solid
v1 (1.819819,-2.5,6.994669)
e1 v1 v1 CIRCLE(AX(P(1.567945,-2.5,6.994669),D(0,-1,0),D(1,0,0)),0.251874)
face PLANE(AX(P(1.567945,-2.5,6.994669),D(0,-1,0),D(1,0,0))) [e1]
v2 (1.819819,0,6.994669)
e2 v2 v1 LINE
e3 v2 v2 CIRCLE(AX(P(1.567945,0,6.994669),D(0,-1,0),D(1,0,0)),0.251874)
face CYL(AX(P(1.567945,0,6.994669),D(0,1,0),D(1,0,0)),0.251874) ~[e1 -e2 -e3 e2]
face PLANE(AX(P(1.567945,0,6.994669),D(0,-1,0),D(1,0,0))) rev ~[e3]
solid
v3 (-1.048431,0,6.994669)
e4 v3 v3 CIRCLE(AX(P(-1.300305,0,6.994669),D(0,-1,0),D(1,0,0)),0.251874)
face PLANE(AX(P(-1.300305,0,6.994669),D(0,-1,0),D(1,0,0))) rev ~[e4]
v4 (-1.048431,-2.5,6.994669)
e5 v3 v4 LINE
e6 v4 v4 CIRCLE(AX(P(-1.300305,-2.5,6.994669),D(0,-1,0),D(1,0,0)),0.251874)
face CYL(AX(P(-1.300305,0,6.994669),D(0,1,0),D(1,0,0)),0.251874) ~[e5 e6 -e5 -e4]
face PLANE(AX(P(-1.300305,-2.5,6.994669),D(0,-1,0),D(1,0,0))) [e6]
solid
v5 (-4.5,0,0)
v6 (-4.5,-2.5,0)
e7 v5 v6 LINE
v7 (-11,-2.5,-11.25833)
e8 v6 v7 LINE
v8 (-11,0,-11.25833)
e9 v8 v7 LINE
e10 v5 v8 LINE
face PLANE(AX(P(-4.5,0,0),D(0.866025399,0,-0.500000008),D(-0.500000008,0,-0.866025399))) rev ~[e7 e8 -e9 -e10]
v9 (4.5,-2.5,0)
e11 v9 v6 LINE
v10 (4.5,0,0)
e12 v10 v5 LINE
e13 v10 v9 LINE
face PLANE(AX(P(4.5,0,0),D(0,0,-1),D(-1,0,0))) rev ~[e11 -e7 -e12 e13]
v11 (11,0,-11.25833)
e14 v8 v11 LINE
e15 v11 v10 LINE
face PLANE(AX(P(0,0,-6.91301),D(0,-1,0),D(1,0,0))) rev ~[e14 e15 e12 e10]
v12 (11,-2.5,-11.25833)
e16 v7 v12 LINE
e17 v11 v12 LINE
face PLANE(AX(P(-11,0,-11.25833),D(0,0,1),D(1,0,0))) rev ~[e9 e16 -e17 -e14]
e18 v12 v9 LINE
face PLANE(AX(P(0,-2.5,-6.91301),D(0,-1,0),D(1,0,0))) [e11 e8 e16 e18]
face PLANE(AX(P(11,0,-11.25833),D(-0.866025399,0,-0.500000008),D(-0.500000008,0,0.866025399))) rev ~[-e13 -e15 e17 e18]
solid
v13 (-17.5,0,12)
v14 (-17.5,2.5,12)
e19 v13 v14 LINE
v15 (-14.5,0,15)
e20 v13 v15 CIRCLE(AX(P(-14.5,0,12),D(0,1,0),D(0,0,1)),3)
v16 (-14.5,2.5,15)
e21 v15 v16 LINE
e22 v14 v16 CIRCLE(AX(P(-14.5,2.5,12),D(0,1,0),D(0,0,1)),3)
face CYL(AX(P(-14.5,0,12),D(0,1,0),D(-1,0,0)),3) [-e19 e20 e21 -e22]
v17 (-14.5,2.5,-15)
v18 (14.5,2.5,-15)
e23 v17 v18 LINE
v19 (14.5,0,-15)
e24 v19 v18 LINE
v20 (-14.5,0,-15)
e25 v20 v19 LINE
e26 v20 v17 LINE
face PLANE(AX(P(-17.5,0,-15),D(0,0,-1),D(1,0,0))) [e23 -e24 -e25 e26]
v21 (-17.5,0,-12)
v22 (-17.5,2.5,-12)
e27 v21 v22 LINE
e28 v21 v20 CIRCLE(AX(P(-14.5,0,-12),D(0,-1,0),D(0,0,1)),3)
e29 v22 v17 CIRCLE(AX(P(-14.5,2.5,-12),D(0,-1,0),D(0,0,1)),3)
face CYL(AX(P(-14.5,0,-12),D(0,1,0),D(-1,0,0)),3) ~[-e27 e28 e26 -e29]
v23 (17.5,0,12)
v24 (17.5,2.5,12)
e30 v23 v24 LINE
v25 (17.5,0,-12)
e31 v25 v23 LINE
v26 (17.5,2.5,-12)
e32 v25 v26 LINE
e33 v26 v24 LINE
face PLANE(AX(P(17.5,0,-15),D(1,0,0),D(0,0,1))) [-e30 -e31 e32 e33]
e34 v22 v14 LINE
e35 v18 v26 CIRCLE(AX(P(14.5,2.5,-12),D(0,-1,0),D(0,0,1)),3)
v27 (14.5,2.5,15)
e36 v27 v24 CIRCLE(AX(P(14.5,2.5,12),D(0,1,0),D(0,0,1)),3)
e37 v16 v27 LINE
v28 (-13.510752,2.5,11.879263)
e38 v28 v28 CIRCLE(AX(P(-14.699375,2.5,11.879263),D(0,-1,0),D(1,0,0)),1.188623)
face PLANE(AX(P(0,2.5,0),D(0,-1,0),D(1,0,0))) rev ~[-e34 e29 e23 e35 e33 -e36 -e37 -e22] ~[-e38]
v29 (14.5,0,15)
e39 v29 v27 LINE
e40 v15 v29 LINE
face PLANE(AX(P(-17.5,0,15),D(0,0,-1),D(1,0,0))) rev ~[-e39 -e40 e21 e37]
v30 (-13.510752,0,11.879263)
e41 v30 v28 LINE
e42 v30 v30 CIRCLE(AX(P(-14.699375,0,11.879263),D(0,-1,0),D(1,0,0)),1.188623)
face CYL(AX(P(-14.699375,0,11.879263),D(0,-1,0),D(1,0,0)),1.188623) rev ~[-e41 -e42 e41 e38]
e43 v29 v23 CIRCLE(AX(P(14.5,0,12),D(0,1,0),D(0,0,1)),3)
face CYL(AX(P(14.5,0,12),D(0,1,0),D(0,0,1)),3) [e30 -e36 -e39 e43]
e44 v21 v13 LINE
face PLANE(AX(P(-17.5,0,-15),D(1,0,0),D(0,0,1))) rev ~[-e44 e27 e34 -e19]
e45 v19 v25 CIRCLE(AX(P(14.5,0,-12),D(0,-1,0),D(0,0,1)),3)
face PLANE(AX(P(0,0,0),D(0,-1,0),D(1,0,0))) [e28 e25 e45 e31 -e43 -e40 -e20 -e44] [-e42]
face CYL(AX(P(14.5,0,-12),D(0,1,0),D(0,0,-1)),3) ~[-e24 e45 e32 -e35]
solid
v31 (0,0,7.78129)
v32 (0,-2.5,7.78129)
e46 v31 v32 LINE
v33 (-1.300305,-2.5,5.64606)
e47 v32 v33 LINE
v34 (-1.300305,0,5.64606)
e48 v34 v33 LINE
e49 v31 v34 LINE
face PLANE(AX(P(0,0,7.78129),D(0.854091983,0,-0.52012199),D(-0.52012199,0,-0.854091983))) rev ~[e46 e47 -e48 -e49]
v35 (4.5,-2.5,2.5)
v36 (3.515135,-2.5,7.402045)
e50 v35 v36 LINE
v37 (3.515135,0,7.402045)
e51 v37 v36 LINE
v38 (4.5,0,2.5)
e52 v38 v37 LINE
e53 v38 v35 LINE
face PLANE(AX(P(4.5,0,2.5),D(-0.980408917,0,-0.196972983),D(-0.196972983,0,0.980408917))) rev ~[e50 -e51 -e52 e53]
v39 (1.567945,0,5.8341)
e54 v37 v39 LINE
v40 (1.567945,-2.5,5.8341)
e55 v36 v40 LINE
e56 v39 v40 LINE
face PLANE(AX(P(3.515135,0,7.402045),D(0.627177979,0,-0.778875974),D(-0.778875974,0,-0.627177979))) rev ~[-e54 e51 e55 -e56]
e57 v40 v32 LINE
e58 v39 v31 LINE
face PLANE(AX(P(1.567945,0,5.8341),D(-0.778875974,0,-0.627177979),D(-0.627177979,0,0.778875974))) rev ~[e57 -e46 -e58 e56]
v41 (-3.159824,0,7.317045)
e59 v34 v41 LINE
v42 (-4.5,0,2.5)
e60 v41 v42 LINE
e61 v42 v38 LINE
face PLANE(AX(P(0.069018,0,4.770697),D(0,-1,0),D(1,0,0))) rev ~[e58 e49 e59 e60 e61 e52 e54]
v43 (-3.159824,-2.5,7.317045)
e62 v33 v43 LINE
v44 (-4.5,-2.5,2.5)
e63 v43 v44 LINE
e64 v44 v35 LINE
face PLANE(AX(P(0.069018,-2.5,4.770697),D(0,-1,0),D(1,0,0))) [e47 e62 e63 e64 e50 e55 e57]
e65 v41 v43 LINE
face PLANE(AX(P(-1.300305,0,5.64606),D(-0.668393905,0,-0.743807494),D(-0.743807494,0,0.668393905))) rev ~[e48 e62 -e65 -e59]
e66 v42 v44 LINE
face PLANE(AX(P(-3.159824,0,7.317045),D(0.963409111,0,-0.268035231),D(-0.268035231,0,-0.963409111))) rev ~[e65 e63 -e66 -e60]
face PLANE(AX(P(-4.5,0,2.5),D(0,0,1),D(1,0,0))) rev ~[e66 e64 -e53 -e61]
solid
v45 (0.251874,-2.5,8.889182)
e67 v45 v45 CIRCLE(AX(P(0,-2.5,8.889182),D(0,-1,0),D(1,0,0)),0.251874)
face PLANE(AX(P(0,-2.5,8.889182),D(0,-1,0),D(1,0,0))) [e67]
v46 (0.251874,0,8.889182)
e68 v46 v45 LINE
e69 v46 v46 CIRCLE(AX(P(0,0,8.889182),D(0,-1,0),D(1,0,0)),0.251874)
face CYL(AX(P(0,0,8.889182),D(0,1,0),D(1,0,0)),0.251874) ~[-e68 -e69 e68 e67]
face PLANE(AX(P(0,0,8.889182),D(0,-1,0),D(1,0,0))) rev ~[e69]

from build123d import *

# Parameters (mm, degrees)
F0_W     = 35
F0_H     = 30
F0_R     = 1.188623
F1_DEPTH = 2.5
F2_R     = 0.251874
F3_DEPTH = 2.5
F4_R     = 3


with BuildPart() as f1:
    # F0 (on Front) → F1 (new body)
    with BuildSketch(Plane.XZ):
        Rectangle(F0_W, F0_H)
        with Locations((-14.699375, 11.879263)):
            Circle(F0_R, mode=Mode.SUBTRACT)
    extrude(amount=-F1_DEPTH)

    # F4
    f4_edges = [f1.edges().sort_by_distance(p)[0] for p in [
        (17.5, 1.25, 15),
        (-17.5, 1.25, 15),
        (-17.5, 1.25, -15),
        (17.5, 1.25, -15),
    ]]
    fillet(f4_edges, radius=F4_R)


with BuildPart() as f3:
    # F2 (on Front) → F3 (new body)
    with BuildSketch(Plane.XZ):
        Polygon((-4.5, 0), (-11, -11.25833), (11, -11.25833), (4.5, 0), align=None)
        Polygon((-4.5, 2.5), (4.5, 2.5), (3.515135, 7.402045), (1.567945, 5.8341), (0, 7.78129), (-1.300305, 5.64606), (-3.159824, 7.317045), align=None)
        with Locations((0, 8.889182)):
            Circle(F2_R)
        with Locations((-1.300305, 6.994669)):
            Circle(F2_R)
        with Locations((1.567945, 6.994669)):
            Circle(F2_R)
    extrude(amount=F3_DEPTH)


solid = Compound([f1.part, f3.part])
